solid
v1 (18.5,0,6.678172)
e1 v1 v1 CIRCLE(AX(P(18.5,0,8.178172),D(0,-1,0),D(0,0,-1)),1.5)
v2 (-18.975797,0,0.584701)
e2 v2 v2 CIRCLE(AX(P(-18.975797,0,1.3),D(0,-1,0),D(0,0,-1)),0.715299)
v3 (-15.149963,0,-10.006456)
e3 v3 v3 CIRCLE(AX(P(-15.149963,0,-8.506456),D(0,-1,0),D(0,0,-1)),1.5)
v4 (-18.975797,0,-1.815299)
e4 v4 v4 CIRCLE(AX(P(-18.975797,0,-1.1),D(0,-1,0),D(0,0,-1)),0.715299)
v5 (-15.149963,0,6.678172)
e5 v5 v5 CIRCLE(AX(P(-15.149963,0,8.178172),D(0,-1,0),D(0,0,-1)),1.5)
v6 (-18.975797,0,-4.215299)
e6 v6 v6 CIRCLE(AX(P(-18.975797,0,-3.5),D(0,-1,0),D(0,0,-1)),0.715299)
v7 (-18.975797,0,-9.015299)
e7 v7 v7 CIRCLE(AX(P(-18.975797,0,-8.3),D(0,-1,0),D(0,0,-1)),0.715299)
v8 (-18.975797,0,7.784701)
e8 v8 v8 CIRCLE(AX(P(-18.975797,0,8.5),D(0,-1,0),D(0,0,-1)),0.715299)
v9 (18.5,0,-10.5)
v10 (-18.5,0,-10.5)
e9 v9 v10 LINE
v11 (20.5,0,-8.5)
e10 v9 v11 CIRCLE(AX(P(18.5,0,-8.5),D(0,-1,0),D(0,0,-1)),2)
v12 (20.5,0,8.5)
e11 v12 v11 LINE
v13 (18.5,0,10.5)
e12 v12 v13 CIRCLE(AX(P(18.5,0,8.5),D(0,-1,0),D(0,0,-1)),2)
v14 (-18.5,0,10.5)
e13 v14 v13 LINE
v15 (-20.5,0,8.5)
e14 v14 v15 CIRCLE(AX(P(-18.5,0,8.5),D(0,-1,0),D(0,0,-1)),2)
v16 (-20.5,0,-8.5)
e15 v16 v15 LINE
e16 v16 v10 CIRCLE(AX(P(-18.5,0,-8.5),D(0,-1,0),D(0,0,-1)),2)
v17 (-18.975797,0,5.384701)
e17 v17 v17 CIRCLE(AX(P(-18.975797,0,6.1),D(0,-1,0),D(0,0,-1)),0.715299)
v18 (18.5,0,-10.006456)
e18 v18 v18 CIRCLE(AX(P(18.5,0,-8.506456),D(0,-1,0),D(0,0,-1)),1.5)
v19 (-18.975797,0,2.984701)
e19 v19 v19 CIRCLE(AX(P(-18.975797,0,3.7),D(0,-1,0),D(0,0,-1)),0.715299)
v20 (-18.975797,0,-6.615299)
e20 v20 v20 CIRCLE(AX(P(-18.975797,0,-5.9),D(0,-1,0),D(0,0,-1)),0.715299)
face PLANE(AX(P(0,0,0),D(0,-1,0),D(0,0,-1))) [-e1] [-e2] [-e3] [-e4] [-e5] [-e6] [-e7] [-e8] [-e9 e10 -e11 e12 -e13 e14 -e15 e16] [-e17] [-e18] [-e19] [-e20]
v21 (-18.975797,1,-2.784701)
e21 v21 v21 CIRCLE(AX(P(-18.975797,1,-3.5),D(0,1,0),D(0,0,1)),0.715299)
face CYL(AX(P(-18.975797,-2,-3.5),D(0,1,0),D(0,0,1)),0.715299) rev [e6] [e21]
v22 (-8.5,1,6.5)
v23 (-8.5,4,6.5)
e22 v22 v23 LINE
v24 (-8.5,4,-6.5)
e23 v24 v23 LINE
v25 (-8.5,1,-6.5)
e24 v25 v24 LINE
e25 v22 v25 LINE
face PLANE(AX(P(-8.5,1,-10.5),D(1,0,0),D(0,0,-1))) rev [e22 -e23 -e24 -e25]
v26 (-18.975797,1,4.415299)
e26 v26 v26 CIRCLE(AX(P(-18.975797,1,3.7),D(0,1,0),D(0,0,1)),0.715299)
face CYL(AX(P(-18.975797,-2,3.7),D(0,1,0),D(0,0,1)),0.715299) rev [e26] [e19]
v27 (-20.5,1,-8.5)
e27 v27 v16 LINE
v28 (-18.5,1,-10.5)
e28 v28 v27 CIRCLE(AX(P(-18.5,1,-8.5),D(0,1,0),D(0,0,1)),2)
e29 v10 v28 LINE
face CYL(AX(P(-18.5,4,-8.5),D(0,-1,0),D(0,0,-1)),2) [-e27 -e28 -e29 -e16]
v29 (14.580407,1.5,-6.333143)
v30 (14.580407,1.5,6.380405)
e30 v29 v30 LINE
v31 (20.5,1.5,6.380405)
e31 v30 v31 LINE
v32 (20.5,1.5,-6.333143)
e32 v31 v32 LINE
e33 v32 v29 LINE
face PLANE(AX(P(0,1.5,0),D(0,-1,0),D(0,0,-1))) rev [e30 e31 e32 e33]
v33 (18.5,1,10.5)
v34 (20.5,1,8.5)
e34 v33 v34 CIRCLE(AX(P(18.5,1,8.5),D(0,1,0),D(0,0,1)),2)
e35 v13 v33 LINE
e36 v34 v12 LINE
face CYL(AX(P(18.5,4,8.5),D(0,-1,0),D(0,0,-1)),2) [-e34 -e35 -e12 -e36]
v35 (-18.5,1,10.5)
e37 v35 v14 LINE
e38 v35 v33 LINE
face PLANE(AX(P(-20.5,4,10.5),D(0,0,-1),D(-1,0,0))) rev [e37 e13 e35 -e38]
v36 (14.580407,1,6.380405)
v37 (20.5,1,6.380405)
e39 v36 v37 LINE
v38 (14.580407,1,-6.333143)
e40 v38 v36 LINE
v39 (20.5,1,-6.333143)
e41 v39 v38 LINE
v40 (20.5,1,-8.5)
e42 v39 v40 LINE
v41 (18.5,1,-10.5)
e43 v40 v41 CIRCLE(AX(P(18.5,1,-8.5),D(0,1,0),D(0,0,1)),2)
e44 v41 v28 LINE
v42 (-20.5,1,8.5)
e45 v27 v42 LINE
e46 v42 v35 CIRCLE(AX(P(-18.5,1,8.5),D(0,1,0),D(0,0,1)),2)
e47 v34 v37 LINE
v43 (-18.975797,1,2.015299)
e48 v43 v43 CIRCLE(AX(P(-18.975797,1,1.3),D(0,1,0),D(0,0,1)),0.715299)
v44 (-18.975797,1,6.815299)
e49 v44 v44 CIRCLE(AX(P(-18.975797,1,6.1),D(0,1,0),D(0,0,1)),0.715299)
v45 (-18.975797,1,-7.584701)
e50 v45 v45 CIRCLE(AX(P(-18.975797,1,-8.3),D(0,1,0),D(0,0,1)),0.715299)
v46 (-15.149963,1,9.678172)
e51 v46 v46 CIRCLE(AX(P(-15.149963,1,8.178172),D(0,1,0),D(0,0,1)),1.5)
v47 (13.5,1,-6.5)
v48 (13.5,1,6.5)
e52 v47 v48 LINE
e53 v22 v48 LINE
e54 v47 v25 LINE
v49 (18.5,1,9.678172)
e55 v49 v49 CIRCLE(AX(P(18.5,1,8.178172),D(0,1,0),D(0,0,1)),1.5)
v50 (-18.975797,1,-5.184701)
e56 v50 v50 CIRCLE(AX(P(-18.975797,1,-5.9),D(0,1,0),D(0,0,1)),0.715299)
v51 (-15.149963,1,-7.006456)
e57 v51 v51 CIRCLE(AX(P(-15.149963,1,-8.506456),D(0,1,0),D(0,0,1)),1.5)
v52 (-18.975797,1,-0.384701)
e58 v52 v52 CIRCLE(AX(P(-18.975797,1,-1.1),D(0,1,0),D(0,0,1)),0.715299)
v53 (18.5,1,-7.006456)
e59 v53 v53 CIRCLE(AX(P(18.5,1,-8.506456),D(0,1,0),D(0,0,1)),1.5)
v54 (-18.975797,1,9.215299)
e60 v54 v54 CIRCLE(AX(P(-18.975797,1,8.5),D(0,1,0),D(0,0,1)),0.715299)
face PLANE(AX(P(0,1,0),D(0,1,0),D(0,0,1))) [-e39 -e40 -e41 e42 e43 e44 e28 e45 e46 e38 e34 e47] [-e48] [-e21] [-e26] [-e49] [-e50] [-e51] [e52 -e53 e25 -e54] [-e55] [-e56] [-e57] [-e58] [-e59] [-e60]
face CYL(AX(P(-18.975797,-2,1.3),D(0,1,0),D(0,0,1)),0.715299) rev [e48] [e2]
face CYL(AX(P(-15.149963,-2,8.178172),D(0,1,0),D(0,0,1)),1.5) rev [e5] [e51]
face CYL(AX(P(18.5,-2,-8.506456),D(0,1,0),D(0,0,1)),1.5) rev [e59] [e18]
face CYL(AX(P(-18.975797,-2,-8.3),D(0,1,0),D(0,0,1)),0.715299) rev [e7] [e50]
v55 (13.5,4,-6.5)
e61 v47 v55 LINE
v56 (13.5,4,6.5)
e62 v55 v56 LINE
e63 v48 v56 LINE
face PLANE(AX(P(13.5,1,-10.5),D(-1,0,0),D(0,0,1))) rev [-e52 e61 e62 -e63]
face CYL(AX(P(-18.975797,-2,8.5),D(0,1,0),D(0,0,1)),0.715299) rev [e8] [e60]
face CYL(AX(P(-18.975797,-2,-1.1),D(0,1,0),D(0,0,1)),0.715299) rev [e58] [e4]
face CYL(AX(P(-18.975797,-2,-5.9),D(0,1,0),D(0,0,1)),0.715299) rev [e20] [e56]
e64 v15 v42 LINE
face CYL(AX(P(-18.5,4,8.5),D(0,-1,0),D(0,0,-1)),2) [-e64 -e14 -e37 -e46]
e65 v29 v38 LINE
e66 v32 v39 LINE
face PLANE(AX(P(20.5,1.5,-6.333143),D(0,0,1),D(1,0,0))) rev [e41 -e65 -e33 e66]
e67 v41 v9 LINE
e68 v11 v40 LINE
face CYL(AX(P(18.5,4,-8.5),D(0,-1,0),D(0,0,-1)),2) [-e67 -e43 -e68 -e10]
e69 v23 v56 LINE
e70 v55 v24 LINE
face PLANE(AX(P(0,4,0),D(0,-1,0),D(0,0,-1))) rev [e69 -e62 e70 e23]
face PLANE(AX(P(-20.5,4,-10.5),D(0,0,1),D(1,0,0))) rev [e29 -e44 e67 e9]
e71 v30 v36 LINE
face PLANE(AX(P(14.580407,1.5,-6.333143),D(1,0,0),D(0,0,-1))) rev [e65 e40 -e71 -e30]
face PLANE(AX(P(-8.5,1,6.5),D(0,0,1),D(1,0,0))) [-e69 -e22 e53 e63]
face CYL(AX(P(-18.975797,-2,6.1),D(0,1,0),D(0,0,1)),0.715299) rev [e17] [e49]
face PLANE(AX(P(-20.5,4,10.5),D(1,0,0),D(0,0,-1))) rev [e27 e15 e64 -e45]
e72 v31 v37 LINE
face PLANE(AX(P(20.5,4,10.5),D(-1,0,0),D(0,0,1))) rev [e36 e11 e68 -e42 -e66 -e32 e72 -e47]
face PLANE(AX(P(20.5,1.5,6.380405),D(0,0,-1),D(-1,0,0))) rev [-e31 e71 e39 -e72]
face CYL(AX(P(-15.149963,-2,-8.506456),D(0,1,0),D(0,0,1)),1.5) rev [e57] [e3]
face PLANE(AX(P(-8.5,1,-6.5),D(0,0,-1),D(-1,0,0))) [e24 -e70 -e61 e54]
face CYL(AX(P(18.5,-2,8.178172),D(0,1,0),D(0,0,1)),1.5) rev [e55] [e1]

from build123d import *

# Parameters (mm, degrees)
CROQUIS1_W              = 41
CROQUIS1_H              = 21
SALIENTE_EXTRUIR1_DEPTH = 4
CROQUIS2_W              = 12
CROQUIS2_H              = 21.062925544
CORTAR_EXTRUIR1_DEPTH   = 3
CROQUIS3_W              = 7
CROQUIS3_H              = 21
CORTAR_EXTRUIR2_DEPTH   = 3
CROQUIS4_OUTSIDE_W      = 52.248
CROQUIS4_OUTSIDE_H      = 32.248
CROQUIS4_OUTSIDE_W_2    = 22
CROQUIS4_OUTSIDE_H_2    = 13
CORTAR_EXTRUIR3_DEPTH   = 3
REDONDEO1_R             = 2
CROQUIS5_R              = 0.71529937
CORTAR_EXTRUIR5_DEPTH   = 3
MATRIZL2_COUNT          = 8
MATRIZL2_PITCH          = 2.4
CROQUIS6_R              = 1.5
CORTAR_EXTRUIR6_DEPTH   = 3
CROQUIS7_W              = 5.91959288
CROQUIS7_H              = 12.713547862
SALIENTE_EXTRUIR2_DEPTH = 0.5


with BuildPart() as part:
    # Croquis1 → Saliente-Extruir1 (new body)
    with BuildSketch(Plane(origin=(0, 0, 0), x_dir=(1, 0, 0), z_dir=(0, 1, 0))):
        Rectangle(CROQUIS1_W, CROQUIS1_H)
    extrude(amount=SALIENTE_EXTRUIR1_DEPTH)

    # Croquis2 → Cortar-Extruir1 (cut)
    with BuildSketch(Plane(origin=(0, 4, 0), x_dir=(1, 0, 0), z_dir=(0, 1, 0))):
        with Locations((-14.5, -0.031462772)):
            Rectangle(CROQUIS2_W, CROQUIS2_H)
    extrude(amount=-CORTAR_EXTRUIR1_DEPTH, mode=Mode.SUBTRACT)

    # Croquis3 → Cortar-Extruir2 (cut)
    with BuildSketch(Plane(origin=(0, 4, 0), x_dir=(1, 0, 0), z_dir=(0, 1, 0))):
        with Locations((17, 0)):
            Rectangle(CROQUIS3_W, CROQUIS3_H)
    extrude(amount=-CORTAR_EXTRUIR2_DEPTH, mode=Mode.SUBTRACT)

    # Croquis4 outside → Cortar-Extruir3 (cut)
    with BuildSketch(Plane(origin=(0, 4, 0), x_dir=(1, 0, 0), z_dir=(0, 1, 0))):
        Rectangle(CROQUIS4_OUTSIDE_W, CROQUIS4_OUTSIDE_H)
        with Locations((2.5, 0)):
            Rectangle(CROQUIS4_OUTSIDE_W_2, CROQUIS4_OUTSIDE_H_2, mode=Mode.SUBTRACT)
    extrude(amount=-CORTAR_EXTRUIR3_DEPTH, mode=Mode.SUBTRACT)

    # Redondeo1
    redondeo1_edges = [part.edges().sort_by_distance(p)[0] for p in [
        (-20.5, 0.5, 10.5),
        (-20.5, 0.5, -10.5),
        (20.5, 0.5, 10.5),
        (20.5, 0.5, -10.5),
    ]]
    fillet(redondeo1_edges, radius=REDONDEO1_R)

    # Croquis5 → Cortar-Extruir5 (cut)
    with BuildSketch(Plane(origin=(0, 1, 0), x_dir=(1, 0, 0), z_dir=(0, 1, 0))):
        with Locations((-18.975797273, -8.5)):
            Circle(CROQUIS5_R)
    cortar_extruir5 = extrude(amount=-CORTAR_EXTRUIR5_DEPTH, mode=Mode.SUBTRACT)

    # MatrizL2: Cortar-Extruir5 ×8
    with Locations(*[(0, 0, -i * MATRIZL2_PITCH) for i in range(1, MATRIZL2_COUNT)]):
        add(cortar_extruir5, mode=Mode.SUBTRACT)

    # Croquis6 → Cortar-Extruir6 (cut)
    with BuildSketch(Plane(origin=(0, 1, 0), x_dir=(1, 0, 0), z_dir=(0, 1, 0))):
        with Locations((-15.149962862, 8.506455595)):
            Circle(CROQUIS6_R)
        with Locations((18.5, 8.506455595)):
            Circle(CROQUIS6_R)
        with Locations((-15.149962862, -8.178172234)):
            Circle(CROQUIS6_R)
        with Locations((18.5, -8.178172234)):
            Circle(CROQUIS6_R)
    extrude(amount=-CORTAR_EXTRUIR6_DEPTH, mode=Mode.SUBTRACT)

    # Croquis7 → Saliente-Extruir2 (add)
    with BuildSketch(Plane(origin=(0, 1, 0), x_dir=(1, 0, 0), z_dir=(0, 1, 0))):
        with Locations((17.54020356, -0.02363113)):
            Rectangle(CROQUIS7_W, CROQUIS7_H)
    extrude(amount=SALIENTE_EXTRUIR2_DEPTH)


solid = part.part
